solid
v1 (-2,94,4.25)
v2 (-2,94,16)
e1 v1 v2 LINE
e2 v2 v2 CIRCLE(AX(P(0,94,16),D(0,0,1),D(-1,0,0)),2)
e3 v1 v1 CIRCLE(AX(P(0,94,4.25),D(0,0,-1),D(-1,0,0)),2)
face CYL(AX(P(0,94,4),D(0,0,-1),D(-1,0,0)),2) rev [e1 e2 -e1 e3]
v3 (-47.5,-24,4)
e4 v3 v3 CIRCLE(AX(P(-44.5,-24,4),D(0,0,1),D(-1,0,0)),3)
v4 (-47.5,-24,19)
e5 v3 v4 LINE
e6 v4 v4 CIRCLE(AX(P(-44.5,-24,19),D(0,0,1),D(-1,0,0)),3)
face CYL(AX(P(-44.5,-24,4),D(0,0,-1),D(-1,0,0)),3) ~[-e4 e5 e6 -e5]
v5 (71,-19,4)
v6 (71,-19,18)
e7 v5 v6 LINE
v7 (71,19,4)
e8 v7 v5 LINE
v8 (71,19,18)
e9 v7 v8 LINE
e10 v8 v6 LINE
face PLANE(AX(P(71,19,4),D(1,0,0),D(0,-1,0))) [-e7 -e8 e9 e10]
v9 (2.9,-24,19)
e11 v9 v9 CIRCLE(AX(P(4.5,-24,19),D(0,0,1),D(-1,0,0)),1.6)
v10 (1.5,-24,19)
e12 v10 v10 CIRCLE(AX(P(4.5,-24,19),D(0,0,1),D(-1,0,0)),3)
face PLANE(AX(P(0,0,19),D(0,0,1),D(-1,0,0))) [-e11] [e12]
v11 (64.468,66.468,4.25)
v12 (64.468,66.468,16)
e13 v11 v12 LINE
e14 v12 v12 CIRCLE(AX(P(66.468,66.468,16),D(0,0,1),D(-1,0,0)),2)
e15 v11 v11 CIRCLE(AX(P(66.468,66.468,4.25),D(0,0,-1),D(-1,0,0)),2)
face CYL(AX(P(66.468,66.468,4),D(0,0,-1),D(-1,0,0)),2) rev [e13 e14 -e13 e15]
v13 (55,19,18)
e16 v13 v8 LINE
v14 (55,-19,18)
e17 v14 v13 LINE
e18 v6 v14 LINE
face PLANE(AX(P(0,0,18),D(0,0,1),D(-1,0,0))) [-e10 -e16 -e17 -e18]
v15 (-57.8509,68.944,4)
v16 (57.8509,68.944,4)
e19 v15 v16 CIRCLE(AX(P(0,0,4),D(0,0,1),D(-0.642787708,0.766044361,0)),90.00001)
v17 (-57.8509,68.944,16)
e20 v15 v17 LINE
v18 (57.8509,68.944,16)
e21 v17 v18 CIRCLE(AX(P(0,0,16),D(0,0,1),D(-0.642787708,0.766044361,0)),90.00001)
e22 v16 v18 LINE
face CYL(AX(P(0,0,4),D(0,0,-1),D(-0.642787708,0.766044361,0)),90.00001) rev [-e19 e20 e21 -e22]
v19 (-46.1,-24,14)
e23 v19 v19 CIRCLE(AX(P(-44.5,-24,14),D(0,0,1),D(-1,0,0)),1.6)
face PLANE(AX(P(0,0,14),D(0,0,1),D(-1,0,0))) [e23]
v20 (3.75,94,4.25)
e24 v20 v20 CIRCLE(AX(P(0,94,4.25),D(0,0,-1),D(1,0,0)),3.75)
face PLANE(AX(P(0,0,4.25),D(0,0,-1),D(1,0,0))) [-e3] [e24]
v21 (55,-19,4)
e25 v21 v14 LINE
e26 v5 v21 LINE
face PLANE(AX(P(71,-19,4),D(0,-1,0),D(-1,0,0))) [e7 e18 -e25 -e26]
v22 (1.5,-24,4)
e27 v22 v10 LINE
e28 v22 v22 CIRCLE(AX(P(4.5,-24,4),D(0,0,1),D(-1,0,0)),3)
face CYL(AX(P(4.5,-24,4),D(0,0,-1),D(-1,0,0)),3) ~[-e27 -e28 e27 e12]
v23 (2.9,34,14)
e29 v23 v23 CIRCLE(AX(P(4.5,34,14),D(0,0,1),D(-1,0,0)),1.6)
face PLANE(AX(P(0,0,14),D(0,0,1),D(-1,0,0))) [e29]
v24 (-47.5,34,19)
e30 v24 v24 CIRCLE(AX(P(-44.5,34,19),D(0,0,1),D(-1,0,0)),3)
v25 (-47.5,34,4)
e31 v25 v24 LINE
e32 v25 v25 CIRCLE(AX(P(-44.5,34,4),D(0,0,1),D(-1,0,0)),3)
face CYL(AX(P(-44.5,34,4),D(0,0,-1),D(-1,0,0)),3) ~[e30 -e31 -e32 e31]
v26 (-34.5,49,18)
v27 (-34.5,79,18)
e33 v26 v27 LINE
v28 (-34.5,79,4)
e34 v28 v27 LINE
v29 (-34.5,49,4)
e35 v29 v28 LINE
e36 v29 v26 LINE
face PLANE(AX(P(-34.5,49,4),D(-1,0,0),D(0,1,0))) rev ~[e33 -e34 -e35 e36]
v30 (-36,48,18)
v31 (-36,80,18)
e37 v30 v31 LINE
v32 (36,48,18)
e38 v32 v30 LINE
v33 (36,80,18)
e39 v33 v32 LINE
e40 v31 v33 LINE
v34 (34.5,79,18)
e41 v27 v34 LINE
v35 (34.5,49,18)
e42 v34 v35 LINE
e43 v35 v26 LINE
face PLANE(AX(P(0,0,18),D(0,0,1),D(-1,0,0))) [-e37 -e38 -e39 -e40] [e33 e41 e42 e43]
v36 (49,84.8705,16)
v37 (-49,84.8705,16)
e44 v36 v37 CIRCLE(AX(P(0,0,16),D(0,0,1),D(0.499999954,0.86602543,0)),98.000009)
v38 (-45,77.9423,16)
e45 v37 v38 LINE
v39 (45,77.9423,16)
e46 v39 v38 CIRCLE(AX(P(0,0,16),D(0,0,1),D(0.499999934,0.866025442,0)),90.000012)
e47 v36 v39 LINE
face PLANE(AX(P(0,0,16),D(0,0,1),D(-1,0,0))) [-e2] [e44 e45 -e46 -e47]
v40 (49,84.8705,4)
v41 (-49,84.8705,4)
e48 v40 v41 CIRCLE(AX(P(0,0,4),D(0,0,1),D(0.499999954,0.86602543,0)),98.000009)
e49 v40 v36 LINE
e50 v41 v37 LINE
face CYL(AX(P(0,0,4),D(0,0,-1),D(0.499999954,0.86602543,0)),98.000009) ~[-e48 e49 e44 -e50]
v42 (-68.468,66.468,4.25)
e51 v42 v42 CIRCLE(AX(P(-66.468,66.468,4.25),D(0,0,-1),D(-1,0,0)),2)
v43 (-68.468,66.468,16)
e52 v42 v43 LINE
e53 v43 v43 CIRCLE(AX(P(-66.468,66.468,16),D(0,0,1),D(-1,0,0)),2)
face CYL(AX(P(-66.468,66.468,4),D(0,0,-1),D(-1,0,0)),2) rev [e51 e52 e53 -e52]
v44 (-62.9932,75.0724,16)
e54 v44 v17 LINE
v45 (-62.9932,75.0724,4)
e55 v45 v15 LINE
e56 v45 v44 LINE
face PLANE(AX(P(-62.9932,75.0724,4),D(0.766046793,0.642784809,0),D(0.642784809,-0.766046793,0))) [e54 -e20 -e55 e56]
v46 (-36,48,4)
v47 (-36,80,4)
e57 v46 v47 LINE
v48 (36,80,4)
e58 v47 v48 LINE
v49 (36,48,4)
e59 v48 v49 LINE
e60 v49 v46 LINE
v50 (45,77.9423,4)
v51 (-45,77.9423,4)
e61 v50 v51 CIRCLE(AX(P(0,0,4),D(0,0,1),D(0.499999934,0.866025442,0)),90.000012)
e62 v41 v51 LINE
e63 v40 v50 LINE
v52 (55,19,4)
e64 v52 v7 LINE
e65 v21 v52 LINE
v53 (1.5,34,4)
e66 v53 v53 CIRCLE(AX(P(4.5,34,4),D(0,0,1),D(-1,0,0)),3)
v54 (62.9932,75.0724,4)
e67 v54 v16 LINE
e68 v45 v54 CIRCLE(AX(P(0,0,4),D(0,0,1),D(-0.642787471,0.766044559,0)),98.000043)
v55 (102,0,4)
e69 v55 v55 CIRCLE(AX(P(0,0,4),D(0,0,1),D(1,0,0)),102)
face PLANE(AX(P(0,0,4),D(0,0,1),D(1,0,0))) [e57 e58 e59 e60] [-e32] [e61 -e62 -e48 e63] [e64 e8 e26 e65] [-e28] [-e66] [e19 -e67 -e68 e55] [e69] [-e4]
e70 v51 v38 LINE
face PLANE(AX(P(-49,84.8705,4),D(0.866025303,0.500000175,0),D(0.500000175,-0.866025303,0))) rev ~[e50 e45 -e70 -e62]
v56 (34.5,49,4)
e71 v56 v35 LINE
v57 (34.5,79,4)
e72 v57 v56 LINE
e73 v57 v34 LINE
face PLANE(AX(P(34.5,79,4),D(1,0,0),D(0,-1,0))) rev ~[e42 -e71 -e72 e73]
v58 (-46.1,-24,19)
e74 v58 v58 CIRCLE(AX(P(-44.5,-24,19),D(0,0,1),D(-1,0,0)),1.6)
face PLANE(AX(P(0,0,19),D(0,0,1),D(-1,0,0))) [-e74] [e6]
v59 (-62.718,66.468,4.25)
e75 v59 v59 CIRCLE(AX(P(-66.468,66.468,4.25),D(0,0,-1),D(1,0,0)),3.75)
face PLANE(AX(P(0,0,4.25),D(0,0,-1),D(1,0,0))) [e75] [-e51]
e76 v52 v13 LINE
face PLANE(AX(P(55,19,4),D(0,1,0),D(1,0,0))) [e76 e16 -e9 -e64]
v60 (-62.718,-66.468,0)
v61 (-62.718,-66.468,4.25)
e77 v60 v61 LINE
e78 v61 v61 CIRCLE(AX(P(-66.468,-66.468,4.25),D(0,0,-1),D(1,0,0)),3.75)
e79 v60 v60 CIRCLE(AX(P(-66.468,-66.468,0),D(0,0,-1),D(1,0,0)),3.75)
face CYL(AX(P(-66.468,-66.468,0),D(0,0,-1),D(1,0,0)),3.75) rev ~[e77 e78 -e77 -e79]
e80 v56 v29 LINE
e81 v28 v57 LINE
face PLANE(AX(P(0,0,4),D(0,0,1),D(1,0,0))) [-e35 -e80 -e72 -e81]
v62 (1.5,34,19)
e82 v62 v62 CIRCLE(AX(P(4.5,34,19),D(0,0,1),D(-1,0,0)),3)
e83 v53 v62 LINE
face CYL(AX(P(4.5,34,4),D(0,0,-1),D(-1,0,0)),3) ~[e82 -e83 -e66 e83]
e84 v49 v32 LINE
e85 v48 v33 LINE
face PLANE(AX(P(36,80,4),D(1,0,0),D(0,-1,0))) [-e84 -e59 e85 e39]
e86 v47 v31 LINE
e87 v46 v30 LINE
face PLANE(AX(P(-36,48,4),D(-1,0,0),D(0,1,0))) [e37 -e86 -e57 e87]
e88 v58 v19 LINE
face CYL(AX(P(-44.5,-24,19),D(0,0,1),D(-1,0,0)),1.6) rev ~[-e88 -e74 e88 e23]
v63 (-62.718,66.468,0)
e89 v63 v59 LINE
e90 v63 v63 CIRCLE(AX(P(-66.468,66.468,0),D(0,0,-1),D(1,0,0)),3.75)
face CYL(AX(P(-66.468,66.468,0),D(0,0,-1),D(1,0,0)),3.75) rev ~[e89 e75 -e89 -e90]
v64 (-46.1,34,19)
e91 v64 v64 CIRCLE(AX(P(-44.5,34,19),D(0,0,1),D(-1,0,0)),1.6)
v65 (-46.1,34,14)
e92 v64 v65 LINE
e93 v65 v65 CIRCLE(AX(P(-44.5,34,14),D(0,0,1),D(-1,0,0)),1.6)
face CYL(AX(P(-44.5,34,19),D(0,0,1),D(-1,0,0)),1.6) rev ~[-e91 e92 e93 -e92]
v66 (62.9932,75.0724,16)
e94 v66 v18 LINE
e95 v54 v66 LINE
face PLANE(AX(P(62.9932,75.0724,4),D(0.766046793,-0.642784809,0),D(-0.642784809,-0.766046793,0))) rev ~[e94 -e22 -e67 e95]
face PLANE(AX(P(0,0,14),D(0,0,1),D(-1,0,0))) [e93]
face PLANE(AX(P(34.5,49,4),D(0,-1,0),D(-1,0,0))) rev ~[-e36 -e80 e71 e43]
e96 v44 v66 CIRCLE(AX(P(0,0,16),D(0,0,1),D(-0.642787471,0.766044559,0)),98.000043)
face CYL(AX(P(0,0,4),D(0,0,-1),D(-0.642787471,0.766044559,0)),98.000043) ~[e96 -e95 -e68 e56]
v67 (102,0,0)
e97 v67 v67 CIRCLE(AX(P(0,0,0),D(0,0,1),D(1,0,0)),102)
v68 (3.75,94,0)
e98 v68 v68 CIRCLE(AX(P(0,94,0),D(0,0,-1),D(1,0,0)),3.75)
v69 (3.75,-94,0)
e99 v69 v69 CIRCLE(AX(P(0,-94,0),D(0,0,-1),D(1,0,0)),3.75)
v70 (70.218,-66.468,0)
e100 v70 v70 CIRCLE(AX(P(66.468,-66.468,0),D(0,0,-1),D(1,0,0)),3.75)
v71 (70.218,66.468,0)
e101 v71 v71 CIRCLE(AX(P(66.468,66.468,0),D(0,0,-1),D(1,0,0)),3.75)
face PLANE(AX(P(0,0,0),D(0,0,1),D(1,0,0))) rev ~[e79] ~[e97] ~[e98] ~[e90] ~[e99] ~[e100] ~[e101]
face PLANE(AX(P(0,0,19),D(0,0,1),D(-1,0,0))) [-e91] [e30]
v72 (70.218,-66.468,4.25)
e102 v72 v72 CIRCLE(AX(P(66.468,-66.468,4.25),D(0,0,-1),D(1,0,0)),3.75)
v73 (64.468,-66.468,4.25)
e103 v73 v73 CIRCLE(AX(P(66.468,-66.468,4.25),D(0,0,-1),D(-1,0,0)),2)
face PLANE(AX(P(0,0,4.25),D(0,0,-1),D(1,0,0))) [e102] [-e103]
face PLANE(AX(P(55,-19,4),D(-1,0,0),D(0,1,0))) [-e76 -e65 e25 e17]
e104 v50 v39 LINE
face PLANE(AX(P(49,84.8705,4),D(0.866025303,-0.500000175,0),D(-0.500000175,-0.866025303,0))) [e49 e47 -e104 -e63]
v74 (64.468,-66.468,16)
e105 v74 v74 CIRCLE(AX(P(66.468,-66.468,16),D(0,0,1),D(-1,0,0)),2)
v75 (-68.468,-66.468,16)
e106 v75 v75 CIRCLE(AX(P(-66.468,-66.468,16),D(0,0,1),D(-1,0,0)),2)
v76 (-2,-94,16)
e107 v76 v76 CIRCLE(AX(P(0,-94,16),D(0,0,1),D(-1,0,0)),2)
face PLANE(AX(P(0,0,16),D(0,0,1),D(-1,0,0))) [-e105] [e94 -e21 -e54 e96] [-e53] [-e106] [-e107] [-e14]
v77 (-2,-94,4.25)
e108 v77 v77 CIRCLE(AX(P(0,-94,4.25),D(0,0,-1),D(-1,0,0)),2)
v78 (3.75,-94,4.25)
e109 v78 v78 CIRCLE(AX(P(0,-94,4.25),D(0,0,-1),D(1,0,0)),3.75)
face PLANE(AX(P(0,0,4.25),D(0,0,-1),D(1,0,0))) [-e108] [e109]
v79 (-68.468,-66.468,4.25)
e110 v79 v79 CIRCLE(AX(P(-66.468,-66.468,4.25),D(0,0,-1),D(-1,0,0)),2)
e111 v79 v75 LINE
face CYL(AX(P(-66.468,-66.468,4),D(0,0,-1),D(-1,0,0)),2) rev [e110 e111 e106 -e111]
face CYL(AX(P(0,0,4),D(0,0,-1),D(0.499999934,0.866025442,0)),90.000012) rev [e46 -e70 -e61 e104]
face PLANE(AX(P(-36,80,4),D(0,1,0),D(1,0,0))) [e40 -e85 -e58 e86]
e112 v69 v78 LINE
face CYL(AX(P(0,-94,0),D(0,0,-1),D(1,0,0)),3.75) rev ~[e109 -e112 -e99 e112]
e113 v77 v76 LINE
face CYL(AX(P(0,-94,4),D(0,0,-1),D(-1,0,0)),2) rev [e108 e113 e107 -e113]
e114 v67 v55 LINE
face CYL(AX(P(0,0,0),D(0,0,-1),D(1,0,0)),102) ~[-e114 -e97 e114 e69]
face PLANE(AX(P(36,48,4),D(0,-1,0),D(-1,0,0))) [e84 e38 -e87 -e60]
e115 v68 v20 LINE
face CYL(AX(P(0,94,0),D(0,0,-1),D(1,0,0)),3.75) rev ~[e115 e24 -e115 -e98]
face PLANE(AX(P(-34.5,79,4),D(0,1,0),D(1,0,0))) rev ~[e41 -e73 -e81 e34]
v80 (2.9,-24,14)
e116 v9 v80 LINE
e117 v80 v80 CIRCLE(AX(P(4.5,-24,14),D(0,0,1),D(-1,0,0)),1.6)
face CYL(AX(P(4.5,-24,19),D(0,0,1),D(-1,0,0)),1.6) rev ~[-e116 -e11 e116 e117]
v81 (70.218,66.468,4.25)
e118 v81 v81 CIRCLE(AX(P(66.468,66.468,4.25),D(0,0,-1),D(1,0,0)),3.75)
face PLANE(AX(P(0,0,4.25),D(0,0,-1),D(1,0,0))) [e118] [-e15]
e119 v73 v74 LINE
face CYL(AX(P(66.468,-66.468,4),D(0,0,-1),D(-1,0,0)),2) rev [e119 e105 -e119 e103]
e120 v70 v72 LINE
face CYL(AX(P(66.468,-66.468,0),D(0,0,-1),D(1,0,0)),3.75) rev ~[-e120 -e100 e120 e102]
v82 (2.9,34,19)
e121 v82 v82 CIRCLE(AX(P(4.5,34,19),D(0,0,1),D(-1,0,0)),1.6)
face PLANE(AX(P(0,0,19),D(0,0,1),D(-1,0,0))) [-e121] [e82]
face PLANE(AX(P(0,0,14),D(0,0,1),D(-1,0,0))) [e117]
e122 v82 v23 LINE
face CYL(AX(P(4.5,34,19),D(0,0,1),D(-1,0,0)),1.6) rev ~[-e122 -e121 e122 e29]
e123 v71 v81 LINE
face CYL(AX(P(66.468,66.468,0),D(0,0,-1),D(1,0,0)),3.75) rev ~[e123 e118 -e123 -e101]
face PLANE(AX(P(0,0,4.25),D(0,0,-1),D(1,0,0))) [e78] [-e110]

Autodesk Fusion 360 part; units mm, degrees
sketch "Sketch1" plane through (0, 0, 0) normal (0, 0, 1) x (1, 0, 0)
  circle A0 centre (0, 0) radius 102
  dimension "d1" = 204
extrude "Extrude1" add sketch "Sketch1" along normal blind 4
sketch "Sketch2" plane through (0, 0, 4) normal (0, 0, 1) x (-1, 0, 0)
  circle A0 centre (0, 0) radius 102
  line L0 (0, 0) -> (0, -98) construction
  circle A1 centre (0, 0) radius 94 construction
  line L1 (0, 0) -> (-49, -84.8705) construction
  line L2 (0, 0) -> (98, 0) construction
  line L3 (0, 0) -> (-62.9932, -75.0724) construction
  line L4 (0, 0) -> (98, 0) construction
  line L5 (0, 0) -> (49, -84.8705) construction
  line L6 (0, 0) -> (98, 0) construction
  line L7 (0, 0) -> (62.9932, -75.0724) construction
  line L8 (0, 0) -> (98, 0) construction
  line L9 (62.9932, -75.0724) -> (57.8509, -68.944)
  line L10 (49, -84.8705) -> (45, -77.9423)
  line L11 (-49, -84.8705) -> (-45, -77.9423)
  line L12 (-62.9932, -75.0724) -> (-57.8509, -68.944)
  arc A2 (62.9932, -75.0724) -> (-62.9932, -75.0724) centre (0, 0) ccw
  arc A3 (-49, -84.8705) -> (49, -84.8705) centre (0, 0) ccw
  arc A4 (57.8509, -68.944) -> (-57.8509, -68.944) centre (0, 0) ccw
  arc A5 (-45, -77.9423) -> (45, -77.9423) centre (0, 0) ccw
  line L13 (0, 0) -> (0, -64) construction
  line L14 (34.5, -79) -> (-34.5, -79)
  line L15 (-34.5, -79) -> (-34.5, -49)
  line L16 (-34.5, -49) -> (34.5, -49)
  line L17 (34.5, -49) -> (34.5, -79)
  line L18 (34.5, -79) -> (-34.5, -49) construction
  line L19 (-34.5, -79) -> (34.5, -49) construction
  line L20 (36, -80) -> (-36, -80)
  line L21 (-36, -80) -> (-36, -48)
  line L22 (-36, -48) -> (36, -48)
  line L23 (36, -48) -> (36, -80)
  line L24 (36, -80) -> (-36, -48) construction
  line L25 (-36, -80) -> (36, -48) construction
  line L26 (0, 0) -> (-63, 0) construction
  line L27 (-55, -19) -> (-71, -19)
  line L28 (-71, -19) -> (-71, 19)
  line L29 (-71, 19) -> (-55, 19)
  line L30 (-55, 19) -> (-55, -19)
  line L31 (-55, -19) -> (-71, 19) construction
  line L32 (-71, -19) -> (-55, 19) construction
  line L33 (0, 0) -> (0, 5) construction
  line L34 (0, 5) -> (20, 5) construction
  line L35 (48, -37.5) -> (-8, -37.5) construction
  line L36 (-8, -37.5) -> (-8, 47.5) construction
  line L37 (-8, 47.5) -> (48, 47.5) construction
  line L38 (48, 47.5) -> (48, -37.5) construction
  line L39 (48, -37.5) -> (-8, 47.5) construction
  line L40 (-8, -37.5) -> (48, 47.5) construction
  line L41 (0, 0) -> (48, -37.5) construction
  line L42 (0, 0) -> (48, 47.5) construction
  line L43 (0, 0) -> (49, 0) construction
  line L44 (0, 0) -> (0, 47.5) construction
  line L45 (0, 0) -> (-8, 47.5) construction
  line L46 (0, 0) -> (-8, 0) construction
  line L47 (0, 0) -> (-8, -37.5) construction
  line L48 (0, 0) -> (-71, -19) construction
  line L49 (0, 0) -> (-71, 19) construction
  circle A6 centre (0, -94) radius 2
  circle A7 centre (0, 94) radius 2
  line L50 (0, 0) -> (66.468, -66.468) construction
  line L51 (0, 0) -> (94, 0) construction
  line L52 (0, 0) -> (-66.468, -66.468) construction
  line L53 (0, 0) -> (94, 0) construction
  circle A8 centre (66.468, -66.468) radius 2 construction
  circle A9 centre (-66.468, -66.468) radius 2 construction
  line L54 (0, 0) -> (-66.468, 66.468) construction
  line L55 (0, 0) -> (94, 0) construction
  circle A10 centre (-66.468, 66.468) radius 2 construction
  line L56 (0, 0) -> (66.468, 66.468) construction
  line L57 (0, 0) -> (94, 0) construction
  circle A11 centre (66.468, 66.468) radius 2 construction
  line L58 (0, 0) -> (24.329, -90.797) construction
  line L59 (0, 0) -> (94, 0) construction
  line L60 (0, 0) -> (-47, 81.4064) construction
  line L61 (0, 0) -> (94, 0) construction
  circle A12 centre (66.468, -66.468) radius 2
  circle A13 centre (-66.468, -66.468) radius 2
  circle A14 centre (66.468, 66.468) radius 2
  circle A15 centre (-66.468, 66.468) radius 2
  point P0 (0, -64)
  point P1 (0, -64)
  point P2 (-63, 0)
  point P3 (20, 5)
  dimension "d4" = 180
  dimension "d5" = 196
  dimension "d6" = 188
  dimension "d7" = 120
  dimension "d8" = 130
  dimension "d9" = 60
  dimension "d10" = 50
  dimension "d11" = 64
  dimension "d12" = 69
  dimension "d13" = 30
  dimension "d14" = 72
  dimension "d15" = 32
  dimension "d16" = 63
  dimension "d17" = 16
  dimension "d18" = 38
  dimension "d19" = 56
  dimension "d20" = 85
  dimension "d21" = 20
  dimension "d22" = 5
  dimension "d23" = 37.999
  dimension "d24" = 44.7
  dimension "d25" = 45.3
  dimension "d26" = 9.56
  dimension "d27" = 14.982
  dimension "d28" = 14.982
  dimension "d29" = 4
  dimension "d30" = 4
  dimension "d31" = 45
  dimension "d32" = 135
  dimension "d33" = 4
  dimension "d34" = 4
  dimension "d35" = 135
  dimension "d36" = 94
  dimension "d37" = 4
  dimension "d38" = 45
  dimension "d39" = 4
  dimension "d40" = 75
  dimension "d41" = 120
  dimension "d42" = 4
  dimension "d43" = 4
  dimension "d44" = 4
  dimension "d45" = 4
extrude "Extrude2" add sketch "Sketch2" along normal blind 12 contours L9 L12 A2 A4 | L10 L11 A3 A5
sketch "Sketch3" plane through (0, 0, 0) normal (0, 0, -1) x (1, 0, 0)
  circle A0 centre (0, 0) radius 102
  circle A1 centre (0, 0) radius 94 construction
  line L0 (0, 0) -> (-66.468, -66.468) construction
  line L1 (0, 0) -> (94, 0) construction
  line L2 (0, 0) -> (0, -94) construction
  line L3 (0, 0) -> (66.468, -66.468) construction
  line L4 (0, 0) -> (94, 0) construction
  line L5 (0, 0) -> (0, -94) construction
  line L6 (0, 0) -> (66.468, 66.468) construction
  line L7 (0, 0) -> (94, 0) construction
  line L8 (0, 0) -> (0, 94) construction
  line L9 (0, 0) -> (-66.468, 66.468) construction
  line L10 (0, 0) -> (94, 0) construction
  line L11 (150, 0) -> (-200, 0) construction
  circle A2 centre (0, -94) radius 3.75
  circle A3 centre (66.468, -66.468) radius 3.75
  circle A4 centre (-66.468, -66.468) radius 3.75
  circle A5 centre (66.468, 66.468) radius 3.75
  circle A6 centre (0, 94) radius 3.75
  circle A7 centre (-66.468, 66.468) radius 3.75
  dimension "d48" = 188
  dimension "d49" = 135
  dimension "d50" = 45
  dimension "d51" = 45
  dimension "d52" = 135
  dimension "d53" = 7.5
  dimension "d54" = 7.5
  dimension "d55" = 7.5
extrude "Extrude3" cut sketch "Sketch3" against normal blind 4.25 contours A2 | A3 | A4 | A5 | A6 | A7
extrude "Extrude4" add sketch "Sketch2" along normal blind 14 contours L20 L21 L22 L23 | L27 L28 L29 L30
sketch "Sketch4" plane through (0, 0, 4) normal (0, 0, 1) x (-1, 0, 0)
  line L0 (-49, -84.8705) -> (-45, -77.9423)
  arc A0 (-45, -77.9423) -> (45, -77.9423) centre (0, 0) ccw
  line L1 (45, -77.9423) -> (49, -84.8705)
  arc A1 (-49, -84.8705) -> (49, -84.8705) centre (0, 0) ccw
  circle A2 centre (0, 0) radius 102
  line L2 (62.9932, -75.0724) -> (57.8509, -68.944)
  arc A3 (57.8509, -68.944) -> (-57.8509, -68.944) centre (0, 0) ccw
  line L3 (-57.8509, -68.944) -> (-62.9932, -75.0724)
  arc A4 (62.9932, -75.0724) -> (-62.9932, -75.0724) centre (0, 0) ccw
  line L4 (-55, 19) -> (-55, -19)
  line L5 (-55, -19) -> (-71, -19)
  line L6 (-71, -19) -> (-71, 19)
  line L7 (-71, 19) -> (-55, 19)
  line L8 (36, -48) -> (36, -80)
  line L9 (36, -80) -> (-36, -80)
  line L10 (-36, -80) -> (-36, -48)
  line L11 (-36, -48) -> (36, -48)
  line L12 (0, 0) -> (0, 5) construction
  line L13 (0, 5) -> (20, 5) construction
  line L14 (48, -37.5) -> (-8, -37.5) construction
  line L15 (-8, -37.5) -> (-8, 47.5) construction
  line L16 (-8, 47.5) -> (48, 47.5) construction
  line L17 (48, 47.5) -> (48, -37.5) construction
  line L18 (48, -37.5) -> (-8, 47.5) construction
  line L19 (-8, -37.5) -> (48, 47.5) construction
  line L20 (20, 47.5) -> (20, -37.5) construction
  line L21 (48, 5) -> (0, 5) construction
  line L22 (48, -37.5) -> (44.5, -37.5) construction
  line L23 (44.5, -37.5) -> (44.5, -34) construction
  line L24 (44.5, -34) -> (44.5, 24) construction
  circle A5 centre (44.5, -34) radius 3
  circle A6 centre (44.5, 24) radius 3
  circle A7 centre (-4.5, -34) radius 3
  circle A8 centre (-4.5, 24) radius 3
  line L25 (-4.5, -34) -> (-4.5, -5) construction
  line L26 (-2, -30) -> (-7, -30) construction
  line L27 (-7, -30) -> (-7, 20) construction
  line L28 (-7, 20) -> (-2, 20) construction
  line L29 (-2, 20) -> (-2, -30) construction
  line L30 (-2, -30) -> (-7, 20) construction
  line L31 (-7, -30) -> (-2, 20) construction
  line L32 (0, 0) -> (0, -5) construction
  line L33 (0, -5) -> (-4.5, -5) construction
  point P0 (20, 5)
  point P1 (-4.5, -5)
  dimension "d60" = 5
  dimension "d61" = 20
  dimension "d62" = 56
  dimension "d63" = 85
  dimension "d64" = 3.5
  dimension "d65" = 3.5
  dimension "d66" = 58
  dimension "d67" = 6
  dimension "d68" = 6
  dimension "d69" = 29
  dimension "d70" = 5
  dimension "d71" = 50
  dimension "d72" = 5
  dimension "d73" = 4.5
extrude "Extrude5" add sketch "Sketch4" along normal blind 15 contours A5 | A6 | A7 | A8
sketch "Sketch5" plane through (0, 0, 19) normal (0, 0, 1) x (-1, 0, 0)
  circle A0 centre (44.5, 24) radius 3
  circle A1 centre (44.5, 24) radius 1.6
  dimension "d76" = 3.2
sketch "Sketch6" plane through (0, 0, 19) normal (0, 0, 1) x (-1, 0, 0)
  circle A0 centre (44.5, -34) radius 3
  circle A1 centre (44.5, -34) radius 1.6
  dimension "d77" = 3.2
sketch "Sketch7" plane through (0, 0, 19) normal (0, 0, 1) x (-1, 0, 0)
  circle A0 centre (-4.5, -34) radius 3
  circle A1 centre (-4.5, -34) radius 1.6
  dimension "d78" = 3.2
sketch "Sketch8" plane through (0, 0, 19) normal (0, 0, 1) x (-1, 0, 0)
  circle A0 centre (-4.5, 24) radius 3
  circle A1 centre (-4.5, 24) radius 1.6
  dimension "d79" = 3.2
extrude "Extrude6" cut sketch "Sketch5" sketch "Sketch7" sketch "Sketch6" sketch "Sketch8" against normal blind 5 contours A1 of sketch 2 contours A1 of sketch 3 contours A1 of sketch 4 contours A1
sketch "Sketch9" plane through (0, 0, 16) normal (0, 0, 1) x (-1, 0, 0)
  circle A0 centre (66.468, -66.468) radius 2
  circle A1 centre (-66.468, 66.468) radius 2
  circle A2 centre (-66.468, -66.468) radius 2
  circle A3 centre (66.468, 66.468) radius 2
  circle A4 centre (0, 94) radius 2
  arc A5 (62.9932, -75.0724) -> (-62.9932, -75.0724) centre (0, 0) ccw
  line L0 (-62.9932, -75.0724) -> (-57.8509, -68.944)
  arc A6 (57.8509, -68.944) -> (-57.8509, -68.944) centre (0, 0) ccw
  line L1 (57.8509, -68.944) -> (62.9932, -75.0724)
  line L2 (0, 0) -> (94, 0) construction
  line L3 (0, 0) -> (94, 0) construction
